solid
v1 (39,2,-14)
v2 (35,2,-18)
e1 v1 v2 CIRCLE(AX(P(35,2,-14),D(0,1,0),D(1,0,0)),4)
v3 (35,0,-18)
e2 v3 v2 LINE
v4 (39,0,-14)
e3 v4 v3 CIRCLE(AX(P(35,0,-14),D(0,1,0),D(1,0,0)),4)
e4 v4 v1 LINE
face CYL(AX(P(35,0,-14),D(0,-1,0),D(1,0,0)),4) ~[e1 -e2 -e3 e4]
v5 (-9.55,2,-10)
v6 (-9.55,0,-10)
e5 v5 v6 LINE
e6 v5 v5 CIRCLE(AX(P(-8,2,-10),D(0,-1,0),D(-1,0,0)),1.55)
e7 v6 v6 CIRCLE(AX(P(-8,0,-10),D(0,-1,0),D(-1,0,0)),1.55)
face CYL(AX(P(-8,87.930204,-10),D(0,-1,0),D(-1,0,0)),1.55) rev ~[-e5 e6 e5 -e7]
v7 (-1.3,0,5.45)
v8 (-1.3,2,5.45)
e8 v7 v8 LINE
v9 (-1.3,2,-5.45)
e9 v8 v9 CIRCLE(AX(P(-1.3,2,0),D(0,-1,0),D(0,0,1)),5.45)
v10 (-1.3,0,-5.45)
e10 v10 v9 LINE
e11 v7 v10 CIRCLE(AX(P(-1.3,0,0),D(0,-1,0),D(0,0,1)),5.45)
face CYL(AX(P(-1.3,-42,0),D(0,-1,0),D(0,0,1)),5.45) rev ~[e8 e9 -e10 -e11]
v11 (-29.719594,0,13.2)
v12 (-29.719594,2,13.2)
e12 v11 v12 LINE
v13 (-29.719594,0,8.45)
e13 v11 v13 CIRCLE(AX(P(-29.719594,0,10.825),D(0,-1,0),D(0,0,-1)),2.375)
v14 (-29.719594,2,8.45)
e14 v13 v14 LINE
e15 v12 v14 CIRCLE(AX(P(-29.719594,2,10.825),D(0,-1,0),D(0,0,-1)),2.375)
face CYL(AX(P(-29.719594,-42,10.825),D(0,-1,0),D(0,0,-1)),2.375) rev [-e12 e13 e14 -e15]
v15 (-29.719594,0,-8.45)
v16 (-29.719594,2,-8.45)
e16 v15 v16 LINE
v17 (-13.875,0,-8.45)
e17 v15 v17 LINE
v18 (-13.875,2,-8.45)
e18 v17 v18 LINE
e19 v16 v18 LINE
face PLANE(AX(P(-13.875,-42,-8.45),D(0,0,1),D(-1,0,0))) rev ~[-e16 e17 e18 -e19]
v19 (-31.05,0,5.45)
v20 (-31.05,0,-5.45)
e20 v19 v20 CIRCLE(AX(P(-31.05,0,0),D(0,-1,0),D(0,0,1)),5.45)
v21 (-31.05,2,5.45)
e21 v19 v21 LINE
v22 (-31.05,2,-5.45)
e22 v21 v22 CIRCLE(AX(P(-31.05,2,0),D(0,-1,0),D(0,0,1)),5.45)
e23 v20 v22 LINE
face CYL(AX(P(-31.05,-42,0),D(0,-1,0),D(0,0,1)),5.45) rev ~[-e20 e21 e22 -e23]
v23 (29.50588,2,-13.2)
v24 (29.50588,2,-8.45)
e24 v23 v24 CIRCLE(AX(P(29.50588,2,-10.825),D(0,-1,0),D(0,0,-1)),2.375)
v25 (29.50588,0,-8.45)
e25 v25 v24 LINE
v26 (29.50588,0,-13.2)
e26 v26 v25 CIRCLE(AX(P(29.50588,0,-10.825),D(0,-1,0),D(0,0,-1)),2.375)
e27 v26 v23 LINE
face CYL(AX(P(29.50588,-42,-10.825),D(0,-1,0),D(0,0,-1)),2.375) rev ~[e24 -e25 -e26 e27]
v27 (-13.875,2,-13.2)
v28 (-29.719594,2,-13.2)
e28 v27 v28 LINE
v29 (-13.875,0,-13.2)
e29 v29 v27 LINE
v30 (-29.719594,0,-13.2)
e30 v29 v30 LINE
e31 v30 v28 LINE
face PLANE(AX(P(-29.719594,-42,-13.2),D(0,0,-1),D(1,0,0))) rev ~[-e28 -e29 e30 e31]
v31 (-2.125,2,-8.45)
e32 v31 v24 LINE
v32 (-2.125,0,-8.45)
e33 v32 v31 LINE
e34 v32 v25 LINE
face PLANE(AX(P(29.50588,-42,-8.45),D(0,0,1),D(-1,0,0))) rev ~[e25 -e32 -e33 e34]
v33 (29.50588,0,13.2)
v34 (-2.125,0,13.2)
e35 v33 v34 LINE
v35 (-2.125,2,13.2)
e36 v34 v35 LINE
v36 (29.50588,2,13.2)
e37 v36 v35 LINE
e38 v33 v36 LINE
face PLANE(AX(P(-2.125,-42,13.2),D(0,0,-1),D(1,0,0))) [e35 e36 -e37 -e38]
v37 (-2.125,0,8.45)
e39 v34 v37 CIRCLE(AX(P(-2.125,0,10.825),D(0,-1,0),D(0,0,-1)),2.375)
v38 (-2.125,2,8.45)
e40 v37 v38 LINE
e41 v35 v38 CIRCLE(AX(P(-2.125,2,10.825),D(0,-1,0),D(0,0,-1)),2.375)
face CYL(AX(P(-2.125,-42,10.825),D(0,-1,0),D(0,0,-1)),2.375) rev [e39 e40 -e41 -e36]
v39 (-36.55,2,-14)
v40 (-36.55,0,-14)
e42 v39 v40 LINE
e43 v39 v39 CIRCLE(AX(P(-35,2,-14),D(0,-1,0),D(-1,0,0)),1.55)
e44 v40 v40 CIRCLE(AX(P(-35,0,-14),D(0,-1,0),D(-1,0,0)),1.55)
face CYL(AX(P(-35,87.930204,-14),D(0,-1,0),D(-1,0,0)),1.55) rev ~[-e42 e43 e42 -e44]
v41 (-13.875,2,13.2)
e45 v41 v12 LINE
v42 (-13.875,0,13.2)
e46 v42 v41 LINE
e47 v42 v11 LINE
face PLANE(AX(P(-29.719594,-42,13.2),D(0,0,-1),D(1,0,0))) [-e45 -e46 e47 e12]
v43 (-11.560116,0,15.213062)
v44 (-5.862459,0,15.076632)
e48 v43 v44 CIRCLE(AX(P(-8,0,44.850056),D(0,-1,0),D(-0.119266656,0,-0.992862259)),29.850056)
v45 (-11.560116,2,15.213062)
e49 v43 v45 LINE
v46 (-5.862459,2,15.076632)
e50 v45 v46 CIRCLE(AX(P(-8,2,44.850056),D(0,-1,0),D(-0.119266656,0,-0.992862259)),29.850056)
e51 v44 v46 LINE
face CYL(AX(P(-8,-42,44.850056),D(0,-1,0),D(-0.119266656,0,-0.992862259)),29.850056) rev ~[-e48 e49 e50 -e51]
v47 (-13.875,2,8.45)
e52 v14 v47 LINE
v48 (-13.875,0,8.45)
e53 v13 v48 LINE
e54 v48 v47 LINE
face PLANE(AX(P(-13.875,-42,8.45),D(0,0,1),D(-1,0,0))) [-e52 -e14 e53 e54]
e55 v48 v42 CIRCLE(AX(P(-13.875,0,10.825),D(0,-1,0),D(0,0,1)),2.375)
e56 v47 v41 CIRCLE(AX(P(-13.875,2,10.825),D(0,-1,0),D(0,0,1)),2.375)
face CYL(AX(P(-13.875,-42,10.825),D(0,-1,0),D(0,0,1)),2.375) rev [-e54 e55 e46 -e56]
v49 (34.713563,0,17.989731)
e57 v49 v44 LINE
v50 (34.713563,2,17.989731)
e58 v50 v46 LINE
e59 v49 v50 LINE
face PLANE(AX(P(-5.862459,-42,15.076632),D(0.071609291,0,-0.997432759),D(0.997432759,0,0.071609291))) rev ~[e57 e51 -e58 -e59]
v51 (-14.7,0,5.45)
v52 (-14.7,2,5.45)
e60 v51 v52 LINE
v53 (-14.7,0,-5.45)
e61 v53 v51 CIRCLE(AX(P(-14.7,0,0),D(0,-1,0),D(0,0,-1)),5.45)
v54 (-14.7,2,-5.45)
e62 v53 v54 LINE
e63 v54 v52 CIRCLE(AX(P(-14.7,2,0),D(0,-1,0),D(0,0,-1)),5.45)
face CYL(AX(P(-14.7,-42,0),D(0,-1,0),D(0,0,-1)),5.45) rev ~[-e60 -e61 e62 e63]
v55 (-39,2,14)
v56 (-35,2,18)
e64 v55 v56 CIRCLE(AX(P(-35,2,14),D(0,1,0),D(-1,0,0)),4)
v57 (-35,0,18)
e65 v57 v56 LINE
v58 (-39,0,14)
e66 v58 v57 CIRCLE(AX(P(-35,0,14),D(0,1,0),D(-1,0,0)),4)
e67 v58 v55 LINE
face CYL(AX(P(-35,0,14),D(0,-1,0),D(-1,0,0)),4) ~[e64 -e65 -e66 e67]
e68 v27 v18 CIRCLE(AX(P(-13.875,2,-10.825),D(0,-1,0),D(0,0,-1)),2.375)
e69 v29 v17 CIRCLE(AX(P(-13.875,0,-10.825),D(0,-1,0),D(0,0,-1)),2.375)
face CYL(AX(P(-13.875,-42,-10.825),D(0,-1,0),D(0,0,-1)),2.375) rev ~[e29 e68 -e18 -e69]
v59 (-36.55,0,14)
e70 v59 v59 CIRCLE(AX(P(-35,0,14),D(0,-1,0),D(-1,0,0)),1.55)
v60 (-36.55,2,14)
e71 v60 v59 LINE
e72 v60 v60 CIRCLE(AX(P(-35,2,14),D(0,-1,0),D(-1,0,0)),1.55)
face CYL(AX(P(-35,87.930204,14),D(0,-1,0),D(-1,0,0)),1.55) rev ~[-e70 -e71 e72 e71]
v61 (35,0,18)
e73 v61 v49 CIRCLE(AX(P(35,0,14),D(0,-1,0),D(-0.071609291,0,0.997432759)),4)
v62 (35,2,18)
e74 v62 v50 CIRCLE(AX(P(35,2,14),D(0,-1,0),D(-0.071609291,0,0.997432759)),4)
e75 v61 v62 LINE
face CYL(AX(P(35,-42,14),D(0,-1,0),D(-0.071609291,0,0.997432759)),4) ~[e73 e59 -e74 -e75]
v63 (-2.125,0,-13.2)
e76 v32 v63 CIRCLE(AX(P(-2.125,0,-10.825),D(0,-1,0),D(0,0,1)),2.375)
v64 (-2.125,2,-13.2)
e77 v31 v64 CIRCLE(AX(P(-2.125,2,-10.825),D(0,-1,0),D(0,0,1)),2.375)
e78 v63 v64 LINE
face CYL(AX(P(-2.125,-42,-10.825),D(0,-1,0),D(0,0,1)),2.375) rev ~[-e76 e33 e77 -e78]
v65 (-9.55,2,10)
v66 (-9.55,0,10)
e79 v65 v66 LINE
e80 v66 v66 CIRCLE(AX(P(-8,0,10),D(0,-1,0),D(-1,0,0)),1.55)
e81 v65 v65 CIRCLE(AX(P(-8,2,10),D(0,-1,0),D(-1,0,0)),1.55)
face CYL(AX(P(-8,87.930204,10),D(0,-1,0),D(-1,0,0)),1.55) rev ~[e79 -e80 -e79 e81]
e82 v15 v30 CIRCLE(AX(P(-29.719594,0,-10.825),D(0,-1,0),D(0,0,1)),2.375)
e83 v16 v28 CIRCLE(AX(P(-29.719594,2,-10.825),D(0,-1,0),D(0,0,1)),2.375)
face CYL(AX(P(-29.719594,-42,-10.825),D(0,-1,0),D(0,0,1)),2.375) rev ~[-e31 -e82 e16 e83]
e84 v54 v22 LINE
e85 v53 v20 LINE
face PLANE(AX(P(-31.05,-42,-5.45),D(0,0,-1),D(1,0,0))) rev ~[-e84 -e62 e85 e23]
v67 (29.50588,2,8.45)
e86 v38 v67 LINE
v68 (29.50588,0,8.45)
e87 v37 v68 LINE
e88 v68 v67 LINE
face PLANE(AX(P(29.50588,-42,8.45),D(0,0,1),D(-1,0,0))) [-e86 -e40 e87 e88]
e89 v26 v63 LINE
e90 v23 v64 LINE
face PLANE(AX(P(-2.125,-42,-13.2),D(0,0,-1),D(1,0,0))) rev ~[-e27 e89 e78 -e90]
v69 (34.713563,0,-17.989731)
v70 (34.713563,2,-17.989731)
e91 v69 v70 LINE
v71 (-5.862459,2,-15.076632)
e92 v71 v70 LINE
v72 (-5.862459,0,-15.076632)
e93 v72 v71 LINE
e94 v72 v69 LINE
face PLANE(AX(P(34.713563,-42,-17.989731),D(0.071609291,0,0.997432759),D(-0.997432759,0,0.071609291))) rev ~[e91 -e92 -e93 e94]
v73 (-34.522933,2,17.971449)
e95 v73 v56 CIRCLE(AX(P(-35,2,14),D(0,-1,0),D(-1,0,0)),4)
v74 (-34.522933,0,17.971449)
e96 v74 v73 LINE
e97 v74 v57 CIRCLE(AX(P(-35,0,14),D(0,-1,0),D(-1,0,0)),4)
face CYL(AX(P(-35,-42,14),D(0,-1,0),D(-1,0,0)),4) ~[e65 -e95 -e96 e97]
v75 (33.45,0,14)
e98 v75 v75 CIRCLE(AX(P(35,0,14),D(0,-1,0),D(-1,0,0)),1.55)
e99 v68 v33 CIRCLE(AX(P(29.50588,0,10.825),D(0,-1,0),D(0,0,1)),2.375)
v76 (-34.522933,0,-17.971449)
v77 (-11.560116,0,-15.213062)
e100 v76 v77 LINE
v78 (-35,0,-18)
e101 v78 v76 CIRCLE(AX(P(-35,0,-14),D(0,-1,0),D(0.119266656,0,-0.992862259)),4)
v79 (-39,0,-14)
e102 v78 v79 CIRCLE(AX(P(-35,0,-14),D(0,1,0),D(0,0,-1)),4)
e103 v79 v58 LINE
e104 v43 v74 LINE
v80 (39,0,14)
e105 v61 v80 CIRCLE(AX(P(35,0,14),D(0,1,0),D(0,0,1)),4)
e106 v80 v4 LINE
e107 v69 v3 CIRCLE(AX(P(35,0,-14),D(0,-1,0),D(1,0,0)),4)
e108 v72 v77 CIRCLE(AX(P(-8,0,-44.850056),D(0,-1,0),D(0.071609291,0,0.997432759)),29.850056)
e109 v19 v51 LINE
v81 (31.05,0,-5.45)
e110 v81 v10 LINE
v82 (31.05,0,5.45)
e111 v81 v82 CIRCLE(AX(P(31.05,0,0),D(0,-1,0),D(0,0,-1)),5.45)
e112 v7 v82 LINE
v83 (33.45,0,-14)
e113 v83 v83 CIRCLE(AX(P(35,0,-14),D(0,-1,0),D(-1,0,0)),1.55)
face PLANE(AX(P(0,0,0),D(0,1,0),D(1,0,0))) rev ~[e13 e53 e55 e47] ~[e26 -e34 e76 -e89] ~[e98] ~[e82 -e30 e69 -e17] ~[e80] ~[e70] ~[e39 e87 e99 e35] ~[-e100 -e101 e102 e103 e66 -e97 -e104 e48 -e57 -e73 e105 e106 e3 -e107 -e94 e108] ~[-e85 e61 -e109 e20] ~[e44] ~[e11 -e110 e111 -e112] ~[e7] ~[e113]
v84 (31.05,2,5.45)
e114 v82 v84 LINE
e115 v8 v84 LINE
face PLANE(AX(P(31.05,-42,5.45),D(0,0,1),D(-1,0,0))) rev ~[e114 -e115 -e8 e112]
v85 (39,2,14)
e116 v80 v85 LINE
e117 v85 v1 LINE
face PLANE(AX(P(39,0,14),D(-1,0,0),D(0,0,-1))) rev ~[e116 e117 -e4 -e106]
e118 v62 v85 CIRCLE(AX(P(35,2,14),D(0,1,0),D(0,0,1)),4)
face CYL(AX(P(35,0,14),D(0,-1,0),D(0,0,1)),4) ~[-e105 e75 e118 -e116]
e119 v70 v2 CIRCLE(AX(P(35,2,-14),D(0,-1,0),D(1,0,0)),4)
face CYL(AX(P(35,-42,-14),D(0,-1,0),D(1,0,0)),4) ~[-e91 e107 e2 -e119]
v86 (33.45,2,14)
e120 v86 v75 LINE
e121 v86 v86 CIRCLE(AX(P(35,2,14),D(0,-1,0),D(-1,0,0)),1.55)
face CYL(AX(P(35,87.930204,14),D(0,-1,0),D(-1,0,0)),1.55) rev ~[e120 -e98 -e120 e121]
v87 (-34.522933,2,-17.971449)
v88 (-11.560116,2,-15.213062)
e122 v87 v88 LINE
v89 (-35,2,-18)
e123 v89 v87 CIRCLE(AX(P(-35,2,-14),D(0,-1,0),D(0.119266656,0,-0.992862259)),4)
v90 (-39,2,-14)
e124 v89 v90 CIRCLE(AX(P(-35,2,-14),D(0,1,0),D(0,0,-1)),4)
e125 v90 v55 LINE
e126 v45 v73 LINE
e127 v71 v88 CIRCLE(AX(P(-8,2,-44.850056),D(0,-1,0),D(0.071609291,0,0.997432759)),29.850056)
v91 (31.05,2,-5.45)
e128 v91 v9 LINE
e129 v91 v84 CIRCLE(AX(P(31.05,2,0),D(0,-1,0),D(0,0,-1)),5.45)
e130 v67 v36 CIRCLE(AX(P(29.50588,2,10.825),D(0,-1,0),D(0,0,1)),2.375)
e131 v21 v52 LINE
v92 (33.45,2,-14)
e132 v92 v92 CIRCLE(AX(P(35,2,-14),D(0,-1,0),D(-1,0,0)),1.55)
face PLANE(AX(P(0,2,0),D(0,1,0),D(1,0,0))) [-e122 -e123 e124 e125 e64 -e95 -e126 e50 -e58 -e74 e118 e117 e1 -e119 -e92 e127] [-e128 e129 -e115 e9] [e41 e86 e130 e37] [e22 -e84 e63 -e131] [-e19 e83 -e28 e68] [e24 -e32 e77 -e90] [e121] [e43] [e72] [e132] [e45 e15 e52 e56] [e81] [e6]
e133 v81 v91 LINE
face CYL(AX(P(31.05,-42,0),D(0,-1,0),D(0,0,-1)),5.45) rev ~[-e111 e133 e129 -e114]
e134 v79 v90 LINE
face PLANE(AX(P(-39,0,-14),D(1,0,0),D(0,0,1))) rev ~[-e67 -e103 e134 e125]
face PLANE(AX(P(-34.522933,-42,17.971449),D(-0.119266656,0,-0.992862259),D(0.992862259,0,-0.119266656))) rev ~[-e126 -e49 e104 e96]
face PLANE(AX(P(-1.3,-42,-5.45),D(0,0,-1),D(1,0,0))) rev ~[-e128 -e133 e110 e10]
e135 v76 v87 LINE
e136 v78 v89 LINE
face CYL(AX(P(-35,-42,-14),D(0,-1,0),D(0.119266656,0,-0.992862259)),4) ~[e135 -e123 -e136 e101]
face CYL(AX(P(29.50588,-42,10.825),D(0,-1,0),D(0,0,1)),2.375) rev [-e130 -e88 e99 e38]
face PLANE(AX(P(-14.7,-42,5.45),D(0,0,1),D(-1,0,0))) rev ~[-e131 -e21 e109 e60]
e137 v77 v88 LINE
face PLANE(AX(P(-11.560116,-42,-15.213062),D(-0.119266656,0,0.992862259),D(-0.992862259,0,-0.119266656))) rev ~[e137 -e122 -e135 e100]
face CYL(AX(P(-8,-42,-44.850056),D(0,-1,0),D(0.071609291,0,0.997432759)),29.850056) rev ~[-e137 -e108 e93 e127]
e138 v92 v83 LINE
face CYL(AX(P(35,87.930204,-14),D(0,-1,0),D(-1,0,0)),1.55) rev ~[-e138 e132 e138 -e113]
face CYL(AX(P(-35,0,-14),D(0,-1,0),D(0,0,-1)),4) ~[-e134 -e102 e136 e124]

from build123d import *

# Parameters (mm, degrees)
EXTRUDE_1_DEPTH          = 2
HOLE_WIZARD_1_D          = 3.1
CUT_EXTRUDE_1_DEPTH      = 44
CUT_EXTRUDE_1_DEPTH_BACK = 44
SKETCH_5_W               = 102.055692614
SKETCH_5_H               = 55.211945292
CUT_EXTRUDE_2_DEPTH      = 44
CUT_EXTRUDE_2_DEPTH_BACK = 44


with BuildPart() as part:
    # 草图1 → 凸台-拉伸1 (new body)
    with BuildSketch(Plane(origin=(0, 0, 0), x_dir=(1, 0, 0), z_dir=(0, 1, 0))):
        with BuildLine():
            Line((35, 18), (-35, 18))
            ThreePointArc((-35, 18), (-37.828427125, 16.828427125), (-39, 14))
            Line((-39, 14), (-39, -14))
            ThreePointArc((-39, -14), (-37.828427125, -16.828427125), (-35, -18))
            Line((-35, -18), (35, -18))
            ThreePointArc((35, -18), (37.828427125, -16.828427125), (39, -14))
            Line((39, -14), (39, 14))
            ThreePointArc((39, 14), (37.828427125, 16.828427125), (35, 18))
        make_face()
    extrude(amount=EXTRUDE_1_DEPTH)

    # 孔1 (through all)
    with Locations(Plane(origin=(0, 2, 0), x_dir=(1, 0, 0), z_dir=(0, 1, 0))):
        with Locations((-8, 10), (-8, -10), (-35, -14), (-35, 14), (35, 14), (35, -14)):
            Hole(HOLE_WIZARD_1_D / 2)

    # 草图5 → 切除-拉伸1 (cut, two sides: drawn at the far end of the back side and taken through both)
    with BuildSketch(Plane(origin=(0, 2, 0), x_dir=(1, 0, 0), z_dir=(0, 1, 0)).offset(-CUT_EXTRUDE_1_DEPTH_BACK)):
        Rectangle(SKETCH_5_W, SKETCH_5_H)
        with BuildLine():
            Line((-11.560116303, 15.213061974), (-34.522933375, 17.971449035))
            ThreePointArc((-34.522933375, 17.971449035), (-37.65440516, 16.992345777), (-39, 14))
            Line((-39, 14), (-39, -14))
            ThreePointArc((-39, -14), (-37.65440516, -16.992345777), (-34.522933375, -17.971449035))
            Line((-34.522933375, -17.971449035), (-11.560116303, -15.213061974))
            ThreePointArc((-11.560116303, -15.213061974), (-8.714551025, -15.008553692), (-5.862458688, -15.076632276))
            Line((-5.862458688, -15.076632276), (34.713562836, -17.989731037))
            ThreePointArc((34.713562836, -17.989731037), (37.725275339, -16.927947118), (39, -14))
            Line((39, -14), (39, 14))
            ThreePointArc((39, 14), (37.725275339, 16.927947118), (34.713562836, 17.989731037))
            Line((34.713562836, 17.989731037), (-5.862458688, 15.076632276))
            ThreePointArc((-5.862458688, 15.076632276), (-8.714551025, 15.008553692), (-11.560116303, 15.213061974))
        make_face(mode=Mode.SUBTRACT)
    extrude(amount=CUT_EXTRUDE_1_DEPTH + CUT_EXTRUDE_1_DEPTH_BACK, mode=Mode.SUBTRACT)

    # 草图6 → 切除-拉伸2 (cut, two sides: drawn at the far end of the back side and taken through both)
    with BuildSketch(Plane(origin=(0, 2, 0), x_dir=(1, 0, 0), z_dir=(0, 1, 0)).offset(-CUT_EXTRUDE_2_DEPTH_BACK)):
        with BuildLine():
            Line((-2.125, 13.2), (29.5058803, 13.2))
            ThreePointArc((29.5058803, 13.2), (31.8808803, 10.825), (29.5058803, 8.45))
            Line((29.5058803, 8.45), (-2.125, 8.45))
            ThreePointArc((-2.125, 8.45), (-4.5, 10.825), (-2.125, 13.2))
        make_face()
        with BuildLine():
            Line((-13.875, 8.45), (-29.719593784, 8.45))
            ThreePointArc((-29.719593784, 8.45), (-32.094593784, 10.825), (-29.719593784, 13.2))
            Line((-29.719593784, 13.2), (-13.875, 13.2))
            ThreePointArc((-13.875, 13.2), (-11.5, 10.825), (-13.875, 8.45))
        make_face()
        with BuildLine():
            Line((-2.125, -13.2), (29.5058803, -13.2))
            ThreePointArc((29.5058803, -13.2), (31.8808803, -10.825), (29.5058803, -8.45))
            Line((29.5058803, -8.45), (-2.125, -8.45))
            ThreePointArc((-2.125, -8.45), (-4.5, -10.825), (-2.125, -13.2))
        make_face()
        with BuildLine():
            Line((-13.875, -8.45), (-29.719593784, -8.45))
            ThreePointArc((-29.719593784, -8.45), (-32.094593784, -10.825), (-29.719593784, -13.2))
            Line((-29.719593784, -13.2), (-13.875, -13.2))
            ThreePointArc((-13.875, -13.2), (-11.5, -10.825), (-13.875, -8.45))
        make_face()
        with BuildLine():
            Line((-31.05, 5.45), (-14.7, 5.45))
            ThreePointArc((-14.7, 5.45), (-9.25, 0), (-14.7, -5.45))
            Line((-14.7, -5.45), (-31.05, -5.45))
            ThreePointArc((-31.05, -5.45), (-36.5, 0), (-31.05, 5.45))
        make_face()
        with BuildLine():
            Line((-1.3, 5.45), (31.05, 5.45))
            ThreePointArc((31.05, 5.45), (36.5, 0), (31.05, -5.45))
            Line((31.05, -5.45), (-1.3, -5.45))
            ThreePointArc((-1.3, -5.45), (-6.75, 0), (-1.3, 5.45))
        make_face()
    extrude(amount=CUT_EXTRUDE_2_DEPTH + CUT_EXTRUDE_2_DEPTH_BACK, mode=Mode.SUBTRACT)


solid = part.part
